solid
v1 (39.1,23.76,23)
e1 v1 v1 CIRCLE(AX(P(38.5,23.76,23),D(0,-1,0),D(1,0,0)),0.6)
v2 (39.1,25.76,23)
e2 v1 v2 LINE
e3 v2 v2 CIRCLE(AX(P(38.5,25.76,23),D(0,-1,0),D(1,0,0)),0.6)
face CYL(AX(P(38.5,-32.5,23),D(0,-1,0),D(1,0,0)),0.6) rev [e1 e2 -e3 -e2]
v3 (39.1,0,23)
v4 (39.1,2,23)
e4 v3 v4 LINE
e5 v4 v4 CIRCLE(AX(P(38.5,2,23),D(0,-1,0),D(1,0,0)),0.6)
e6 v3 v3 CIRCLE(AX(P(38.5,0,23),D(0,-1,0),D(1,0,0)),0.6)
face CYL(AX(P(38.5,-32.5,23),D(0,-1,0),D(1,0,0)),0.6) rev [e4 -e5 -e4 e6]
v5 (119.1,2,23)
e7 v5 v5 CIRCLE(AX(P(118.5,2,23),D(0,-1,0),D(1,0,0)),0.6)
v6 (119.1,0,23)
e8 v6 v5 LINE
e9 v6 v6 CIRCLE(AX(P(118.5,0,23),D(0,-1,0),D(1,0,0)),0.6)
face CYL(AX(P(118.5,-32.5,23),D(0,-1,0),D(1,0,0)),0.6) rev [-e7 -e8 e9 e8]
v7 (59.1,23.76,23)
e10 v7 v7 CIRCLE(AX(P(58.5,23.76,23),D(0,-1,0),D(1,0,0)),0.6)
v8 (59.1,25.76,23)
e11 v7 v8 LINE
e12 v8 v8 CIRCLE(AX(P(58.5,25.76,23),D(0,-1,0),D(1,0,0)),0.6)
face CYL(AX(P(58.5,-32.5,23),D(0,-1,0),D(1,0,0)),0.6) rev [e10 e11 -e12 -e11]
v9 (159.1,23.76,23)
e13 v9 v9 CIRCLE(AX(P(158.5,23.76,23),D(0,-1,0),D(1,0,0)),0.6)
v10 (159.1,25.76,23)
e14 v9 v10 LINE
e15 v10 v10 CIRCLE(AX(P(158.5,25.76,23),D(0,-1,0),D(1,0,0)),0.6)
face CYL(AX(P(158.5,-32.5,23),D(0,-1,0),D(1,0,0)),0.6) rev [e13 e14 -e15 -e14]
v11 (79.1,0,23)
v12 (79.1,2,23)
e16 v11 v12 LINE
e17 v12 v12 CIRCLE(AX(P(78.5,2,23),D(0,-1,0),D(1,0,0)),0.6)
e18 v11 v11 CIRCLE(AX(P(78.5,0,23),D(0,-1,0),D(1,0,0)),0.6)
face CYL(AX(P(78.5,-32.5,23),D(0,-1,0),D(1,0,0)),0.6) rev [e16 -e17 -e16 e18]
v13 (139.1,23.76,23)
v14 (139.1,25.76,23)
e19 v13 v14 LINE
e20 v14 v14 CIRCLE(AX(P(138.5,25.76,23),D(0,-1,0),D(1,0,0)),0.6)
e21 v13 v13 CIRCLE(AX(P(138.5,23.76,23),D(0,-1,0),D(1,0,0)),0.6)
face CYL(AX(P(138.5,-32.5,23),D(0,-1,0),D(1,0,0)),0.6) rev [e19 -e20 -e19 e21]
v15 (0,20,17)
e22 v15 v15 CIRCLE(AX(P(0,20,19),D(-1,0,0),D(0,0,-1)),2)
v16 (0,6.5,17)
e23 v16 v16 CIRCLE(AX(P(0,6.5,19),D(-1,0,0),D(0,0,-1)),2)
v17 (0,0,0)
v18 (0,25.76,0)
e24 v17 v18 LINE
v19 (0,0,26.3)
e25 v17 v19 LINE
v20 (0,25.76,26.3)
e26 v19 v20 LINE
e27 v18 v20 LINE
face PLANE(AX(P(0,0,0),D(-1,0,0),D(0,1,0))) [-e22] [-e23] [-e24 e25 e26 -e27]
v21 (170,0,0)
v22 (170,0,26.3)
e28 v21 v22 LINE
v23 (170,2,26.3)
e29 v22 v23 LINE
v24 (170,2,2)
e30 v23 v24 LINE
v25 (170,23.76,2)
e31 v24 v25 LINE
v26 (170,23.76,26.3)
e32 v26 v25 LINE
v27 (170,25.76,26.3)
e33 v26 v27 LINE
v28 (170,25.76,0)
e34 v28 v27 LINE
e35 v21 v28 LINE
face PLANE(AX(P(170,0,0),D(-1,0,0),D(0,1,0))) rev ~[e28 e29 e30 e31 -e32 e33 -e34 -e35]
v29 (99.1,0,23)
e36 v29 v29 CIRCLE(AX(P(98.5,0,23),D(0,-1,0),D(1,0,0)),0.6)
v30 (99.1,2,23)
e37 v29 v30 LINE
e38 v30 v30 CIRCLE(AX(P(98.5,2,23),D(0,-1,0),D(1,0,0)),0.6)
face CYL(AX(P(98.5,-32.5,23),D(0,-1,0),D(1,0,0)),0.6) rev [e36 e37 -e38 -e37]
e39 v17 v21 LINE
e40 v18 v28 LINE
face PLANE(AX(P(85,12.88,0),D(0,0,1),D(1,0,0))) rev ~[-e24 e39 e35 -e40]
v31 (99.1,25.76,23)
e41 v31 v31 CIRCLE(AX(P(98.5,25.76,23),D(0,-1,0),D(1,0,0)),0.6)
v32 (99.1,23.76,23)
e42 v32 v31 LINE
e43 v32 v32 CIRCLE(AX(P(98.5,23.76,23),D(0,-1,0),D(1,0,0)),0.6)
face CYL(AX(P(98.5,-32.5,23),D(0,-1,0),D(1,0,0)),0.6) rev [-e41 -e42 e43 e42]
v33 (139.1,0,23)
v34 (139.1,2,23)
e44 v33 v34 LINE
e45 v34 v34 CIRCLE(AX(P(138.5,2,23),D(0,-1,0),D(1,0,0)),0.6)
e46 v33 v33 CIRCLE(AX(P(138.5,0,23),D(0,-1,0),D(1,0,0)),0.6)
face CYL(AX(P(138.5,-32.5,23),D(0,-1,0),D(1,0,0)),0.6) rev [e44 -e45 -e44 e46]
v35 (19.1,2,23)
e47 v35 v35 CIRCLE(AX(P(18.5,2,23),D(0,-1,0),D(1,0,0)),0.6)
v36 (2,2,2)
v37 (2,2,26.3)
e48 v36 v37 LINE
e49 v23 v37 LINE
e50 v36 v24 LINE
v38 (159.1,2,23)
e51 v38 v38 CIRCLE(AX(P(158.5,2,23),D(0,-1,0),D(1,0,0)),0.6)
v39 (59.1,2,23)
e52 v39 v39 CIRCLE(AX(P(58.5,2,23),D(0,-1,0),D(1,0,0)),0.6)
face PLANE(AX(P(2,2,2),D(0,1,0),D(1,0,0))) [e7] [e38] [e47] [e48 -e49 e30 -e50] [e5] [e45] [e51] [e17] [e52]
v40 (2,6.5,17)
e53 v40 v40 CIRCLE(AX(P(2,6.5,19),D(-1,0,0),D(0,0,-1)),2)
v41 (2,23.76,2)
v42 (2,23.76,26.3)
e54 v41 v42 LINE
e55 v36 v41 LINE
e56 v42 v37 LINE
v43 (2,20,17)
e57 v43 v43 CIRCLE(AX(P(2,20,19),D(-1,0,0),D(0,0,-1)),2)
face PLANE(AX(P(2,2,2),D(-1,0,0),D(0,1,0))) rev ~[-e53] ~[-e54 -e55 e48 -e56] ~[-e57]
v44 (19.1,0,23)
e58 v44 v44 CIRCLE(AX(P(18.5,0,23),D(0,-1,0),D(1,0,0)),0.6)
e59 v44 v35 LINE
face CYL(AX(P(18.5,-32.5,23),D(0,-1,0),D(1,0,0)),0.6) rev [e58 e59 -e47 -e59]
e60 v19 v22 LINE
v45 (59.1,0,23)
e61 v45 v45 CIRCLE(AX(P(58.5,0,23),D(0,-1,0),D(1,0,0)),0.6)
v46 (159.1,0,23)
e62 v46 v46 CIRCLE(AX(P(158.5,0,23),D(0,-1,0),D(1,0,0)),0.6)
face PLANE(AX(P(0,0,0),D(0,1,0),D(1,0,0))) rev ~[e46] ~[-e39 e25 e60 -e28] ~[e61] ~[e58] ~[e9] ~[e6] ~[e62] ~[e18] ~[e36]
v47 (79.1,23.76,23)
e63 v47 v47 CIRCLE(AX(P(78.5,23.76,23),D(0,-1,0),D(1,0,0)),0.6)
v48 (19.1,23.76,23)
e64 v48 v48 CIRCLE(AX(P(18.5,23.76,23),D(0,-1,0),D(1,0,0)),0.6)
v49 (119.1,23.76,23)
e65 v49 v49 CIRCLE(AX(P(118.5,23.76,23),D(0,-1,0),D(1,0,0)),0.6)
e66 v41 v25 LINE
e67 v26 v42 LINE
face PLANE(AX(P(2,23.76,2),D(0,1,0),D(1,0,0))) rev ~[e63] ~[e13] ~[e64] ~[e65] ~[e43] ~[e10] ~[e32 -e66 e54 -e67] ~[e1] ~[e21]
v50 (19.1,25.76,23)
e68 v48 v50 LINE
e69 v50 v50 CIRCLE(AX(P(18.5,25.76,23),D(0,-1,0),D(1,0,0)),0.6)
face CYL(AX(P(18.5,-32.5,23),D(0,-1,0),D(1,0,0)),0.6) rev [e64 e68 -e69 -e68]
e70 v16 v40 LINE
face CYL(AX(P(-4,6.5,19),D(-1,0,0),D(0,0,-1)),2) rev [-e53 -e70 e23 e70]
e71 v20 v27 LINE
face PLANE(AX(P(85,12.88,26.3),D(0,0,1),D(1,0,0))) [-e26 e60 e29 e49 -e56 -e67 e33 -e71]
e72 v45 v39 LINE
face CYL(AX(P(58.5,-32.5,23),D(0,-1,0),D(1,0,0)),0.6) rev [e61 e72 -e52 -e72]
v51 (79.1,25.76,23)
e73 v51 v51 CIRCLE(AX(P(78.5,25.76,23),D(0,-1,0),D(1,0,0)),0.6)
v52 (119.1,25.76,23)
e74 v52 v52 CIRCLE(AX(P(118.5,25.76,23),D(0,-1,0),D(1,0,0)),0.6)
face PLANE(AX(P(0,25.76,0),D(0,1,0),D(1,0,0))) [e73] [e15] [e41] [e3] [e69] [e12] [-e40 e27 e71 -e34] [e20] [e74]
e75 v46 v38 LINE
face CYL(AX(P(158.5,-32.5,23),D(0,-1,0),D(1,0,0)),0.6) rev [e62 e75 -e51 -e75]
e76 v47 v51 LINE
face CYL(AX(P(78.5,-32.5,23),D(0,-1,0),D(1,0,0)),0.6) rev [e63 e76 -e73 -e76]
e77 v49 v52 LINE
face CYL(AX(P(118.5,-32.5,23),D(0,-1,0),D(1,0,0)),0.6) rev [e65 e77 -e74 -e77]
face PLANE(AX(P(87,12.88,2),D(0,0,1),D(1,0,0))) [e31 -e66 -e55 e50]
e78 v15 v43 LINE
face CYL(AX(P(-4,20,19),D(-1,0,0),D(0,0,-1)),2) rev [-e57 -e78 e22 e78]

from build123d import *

# Parameters (mm, degrees)
CYLINDER003_R     = 2
CYLINDER003_DEPTH = 10
ARRAY001_Y_COUNT  = 2
ARRAY001_Y_PITCH  = 13.5
CYLINDER002_R     = 0.6
CYLINDER002_DEPTH = 100
ARRAY002_X_COUNT  = 8
ARRAY002_X_PITCH  = 20
BOX001_W          = 170
BOX001_H          = 21.76
BOX001_DEPTH      = 26.3
BOX_W             = 170
BOX_H             = 25.76
BOX_DEPTH         = 26.3


with BuildPart() as array001:
    # Cylinder003 → Cylinder003 (new body)
    with BuildSketch(Plane(origin=(-4, 6.5, 19), x_dir=(0, 0, -1), z_dir=(1, 0, 0))):
        Circle(CYLINDER003_R)
    extrude(amount=CYLINDER003_DEPTH)

    # Array001 Y: Array001 ×2


with BuildPart() as array001_1:
    add(array001.part)
    with Locations(*[(0, i * ARRAY001_Y_PITCH, 0) for i in range(1, ARRAY001_Y_COUNT)]):
        add(array001.part)


with BuildPart() as array002:
    # Cylinder002 → Cylinder002 (new body)
    with BuildSketch(Plane(origin=(18.5, -32.5, 23), x_dir=(1, 0, 0), z_dir=(0, 1, 0))):
        Circle(CYLINDER002_R)
    extrude(amount=CYLINDER002_DEPTH)

    # Array002 X: Array002 ×8


with BuildPart() as array002_1:
    add(array002.part)
    with Locations(*[(i * ARRAY002_X_PITCH, 0, 0) for i in range(1, ARRAY002_X_COUNT)]):
        add(array002.part)


with BuildPart() as fusion:
    # Box001 → Box001 (new body)
    with BuildSketch(Plane(origin=(2, 2, 2), x_dir=(1, 0, 0), z_dir=(0, 0, 1))):
        with Locations((85, 10.88)):
            Rectangle(BOX001_W, BOX001_H)
    extrude(amount=BOX001_DEPTH)

    # Fusion: union Array001, Array002
    add(array001_1.part)
    add(array002_1.part)


with BuildPart() as cut001:
    # Box → Box (new body)
    with BuildSketch(Plane.XY):
        with Locations((85, 12.88)):
            Rectangle(BOX_W, BOX_H)
    extrude(amount=BOX_DEPTH)

    # Cut001: cut Fusion
    add(fusion.part, mode=Mode.SUBTRACT)


solid = cut001.part
